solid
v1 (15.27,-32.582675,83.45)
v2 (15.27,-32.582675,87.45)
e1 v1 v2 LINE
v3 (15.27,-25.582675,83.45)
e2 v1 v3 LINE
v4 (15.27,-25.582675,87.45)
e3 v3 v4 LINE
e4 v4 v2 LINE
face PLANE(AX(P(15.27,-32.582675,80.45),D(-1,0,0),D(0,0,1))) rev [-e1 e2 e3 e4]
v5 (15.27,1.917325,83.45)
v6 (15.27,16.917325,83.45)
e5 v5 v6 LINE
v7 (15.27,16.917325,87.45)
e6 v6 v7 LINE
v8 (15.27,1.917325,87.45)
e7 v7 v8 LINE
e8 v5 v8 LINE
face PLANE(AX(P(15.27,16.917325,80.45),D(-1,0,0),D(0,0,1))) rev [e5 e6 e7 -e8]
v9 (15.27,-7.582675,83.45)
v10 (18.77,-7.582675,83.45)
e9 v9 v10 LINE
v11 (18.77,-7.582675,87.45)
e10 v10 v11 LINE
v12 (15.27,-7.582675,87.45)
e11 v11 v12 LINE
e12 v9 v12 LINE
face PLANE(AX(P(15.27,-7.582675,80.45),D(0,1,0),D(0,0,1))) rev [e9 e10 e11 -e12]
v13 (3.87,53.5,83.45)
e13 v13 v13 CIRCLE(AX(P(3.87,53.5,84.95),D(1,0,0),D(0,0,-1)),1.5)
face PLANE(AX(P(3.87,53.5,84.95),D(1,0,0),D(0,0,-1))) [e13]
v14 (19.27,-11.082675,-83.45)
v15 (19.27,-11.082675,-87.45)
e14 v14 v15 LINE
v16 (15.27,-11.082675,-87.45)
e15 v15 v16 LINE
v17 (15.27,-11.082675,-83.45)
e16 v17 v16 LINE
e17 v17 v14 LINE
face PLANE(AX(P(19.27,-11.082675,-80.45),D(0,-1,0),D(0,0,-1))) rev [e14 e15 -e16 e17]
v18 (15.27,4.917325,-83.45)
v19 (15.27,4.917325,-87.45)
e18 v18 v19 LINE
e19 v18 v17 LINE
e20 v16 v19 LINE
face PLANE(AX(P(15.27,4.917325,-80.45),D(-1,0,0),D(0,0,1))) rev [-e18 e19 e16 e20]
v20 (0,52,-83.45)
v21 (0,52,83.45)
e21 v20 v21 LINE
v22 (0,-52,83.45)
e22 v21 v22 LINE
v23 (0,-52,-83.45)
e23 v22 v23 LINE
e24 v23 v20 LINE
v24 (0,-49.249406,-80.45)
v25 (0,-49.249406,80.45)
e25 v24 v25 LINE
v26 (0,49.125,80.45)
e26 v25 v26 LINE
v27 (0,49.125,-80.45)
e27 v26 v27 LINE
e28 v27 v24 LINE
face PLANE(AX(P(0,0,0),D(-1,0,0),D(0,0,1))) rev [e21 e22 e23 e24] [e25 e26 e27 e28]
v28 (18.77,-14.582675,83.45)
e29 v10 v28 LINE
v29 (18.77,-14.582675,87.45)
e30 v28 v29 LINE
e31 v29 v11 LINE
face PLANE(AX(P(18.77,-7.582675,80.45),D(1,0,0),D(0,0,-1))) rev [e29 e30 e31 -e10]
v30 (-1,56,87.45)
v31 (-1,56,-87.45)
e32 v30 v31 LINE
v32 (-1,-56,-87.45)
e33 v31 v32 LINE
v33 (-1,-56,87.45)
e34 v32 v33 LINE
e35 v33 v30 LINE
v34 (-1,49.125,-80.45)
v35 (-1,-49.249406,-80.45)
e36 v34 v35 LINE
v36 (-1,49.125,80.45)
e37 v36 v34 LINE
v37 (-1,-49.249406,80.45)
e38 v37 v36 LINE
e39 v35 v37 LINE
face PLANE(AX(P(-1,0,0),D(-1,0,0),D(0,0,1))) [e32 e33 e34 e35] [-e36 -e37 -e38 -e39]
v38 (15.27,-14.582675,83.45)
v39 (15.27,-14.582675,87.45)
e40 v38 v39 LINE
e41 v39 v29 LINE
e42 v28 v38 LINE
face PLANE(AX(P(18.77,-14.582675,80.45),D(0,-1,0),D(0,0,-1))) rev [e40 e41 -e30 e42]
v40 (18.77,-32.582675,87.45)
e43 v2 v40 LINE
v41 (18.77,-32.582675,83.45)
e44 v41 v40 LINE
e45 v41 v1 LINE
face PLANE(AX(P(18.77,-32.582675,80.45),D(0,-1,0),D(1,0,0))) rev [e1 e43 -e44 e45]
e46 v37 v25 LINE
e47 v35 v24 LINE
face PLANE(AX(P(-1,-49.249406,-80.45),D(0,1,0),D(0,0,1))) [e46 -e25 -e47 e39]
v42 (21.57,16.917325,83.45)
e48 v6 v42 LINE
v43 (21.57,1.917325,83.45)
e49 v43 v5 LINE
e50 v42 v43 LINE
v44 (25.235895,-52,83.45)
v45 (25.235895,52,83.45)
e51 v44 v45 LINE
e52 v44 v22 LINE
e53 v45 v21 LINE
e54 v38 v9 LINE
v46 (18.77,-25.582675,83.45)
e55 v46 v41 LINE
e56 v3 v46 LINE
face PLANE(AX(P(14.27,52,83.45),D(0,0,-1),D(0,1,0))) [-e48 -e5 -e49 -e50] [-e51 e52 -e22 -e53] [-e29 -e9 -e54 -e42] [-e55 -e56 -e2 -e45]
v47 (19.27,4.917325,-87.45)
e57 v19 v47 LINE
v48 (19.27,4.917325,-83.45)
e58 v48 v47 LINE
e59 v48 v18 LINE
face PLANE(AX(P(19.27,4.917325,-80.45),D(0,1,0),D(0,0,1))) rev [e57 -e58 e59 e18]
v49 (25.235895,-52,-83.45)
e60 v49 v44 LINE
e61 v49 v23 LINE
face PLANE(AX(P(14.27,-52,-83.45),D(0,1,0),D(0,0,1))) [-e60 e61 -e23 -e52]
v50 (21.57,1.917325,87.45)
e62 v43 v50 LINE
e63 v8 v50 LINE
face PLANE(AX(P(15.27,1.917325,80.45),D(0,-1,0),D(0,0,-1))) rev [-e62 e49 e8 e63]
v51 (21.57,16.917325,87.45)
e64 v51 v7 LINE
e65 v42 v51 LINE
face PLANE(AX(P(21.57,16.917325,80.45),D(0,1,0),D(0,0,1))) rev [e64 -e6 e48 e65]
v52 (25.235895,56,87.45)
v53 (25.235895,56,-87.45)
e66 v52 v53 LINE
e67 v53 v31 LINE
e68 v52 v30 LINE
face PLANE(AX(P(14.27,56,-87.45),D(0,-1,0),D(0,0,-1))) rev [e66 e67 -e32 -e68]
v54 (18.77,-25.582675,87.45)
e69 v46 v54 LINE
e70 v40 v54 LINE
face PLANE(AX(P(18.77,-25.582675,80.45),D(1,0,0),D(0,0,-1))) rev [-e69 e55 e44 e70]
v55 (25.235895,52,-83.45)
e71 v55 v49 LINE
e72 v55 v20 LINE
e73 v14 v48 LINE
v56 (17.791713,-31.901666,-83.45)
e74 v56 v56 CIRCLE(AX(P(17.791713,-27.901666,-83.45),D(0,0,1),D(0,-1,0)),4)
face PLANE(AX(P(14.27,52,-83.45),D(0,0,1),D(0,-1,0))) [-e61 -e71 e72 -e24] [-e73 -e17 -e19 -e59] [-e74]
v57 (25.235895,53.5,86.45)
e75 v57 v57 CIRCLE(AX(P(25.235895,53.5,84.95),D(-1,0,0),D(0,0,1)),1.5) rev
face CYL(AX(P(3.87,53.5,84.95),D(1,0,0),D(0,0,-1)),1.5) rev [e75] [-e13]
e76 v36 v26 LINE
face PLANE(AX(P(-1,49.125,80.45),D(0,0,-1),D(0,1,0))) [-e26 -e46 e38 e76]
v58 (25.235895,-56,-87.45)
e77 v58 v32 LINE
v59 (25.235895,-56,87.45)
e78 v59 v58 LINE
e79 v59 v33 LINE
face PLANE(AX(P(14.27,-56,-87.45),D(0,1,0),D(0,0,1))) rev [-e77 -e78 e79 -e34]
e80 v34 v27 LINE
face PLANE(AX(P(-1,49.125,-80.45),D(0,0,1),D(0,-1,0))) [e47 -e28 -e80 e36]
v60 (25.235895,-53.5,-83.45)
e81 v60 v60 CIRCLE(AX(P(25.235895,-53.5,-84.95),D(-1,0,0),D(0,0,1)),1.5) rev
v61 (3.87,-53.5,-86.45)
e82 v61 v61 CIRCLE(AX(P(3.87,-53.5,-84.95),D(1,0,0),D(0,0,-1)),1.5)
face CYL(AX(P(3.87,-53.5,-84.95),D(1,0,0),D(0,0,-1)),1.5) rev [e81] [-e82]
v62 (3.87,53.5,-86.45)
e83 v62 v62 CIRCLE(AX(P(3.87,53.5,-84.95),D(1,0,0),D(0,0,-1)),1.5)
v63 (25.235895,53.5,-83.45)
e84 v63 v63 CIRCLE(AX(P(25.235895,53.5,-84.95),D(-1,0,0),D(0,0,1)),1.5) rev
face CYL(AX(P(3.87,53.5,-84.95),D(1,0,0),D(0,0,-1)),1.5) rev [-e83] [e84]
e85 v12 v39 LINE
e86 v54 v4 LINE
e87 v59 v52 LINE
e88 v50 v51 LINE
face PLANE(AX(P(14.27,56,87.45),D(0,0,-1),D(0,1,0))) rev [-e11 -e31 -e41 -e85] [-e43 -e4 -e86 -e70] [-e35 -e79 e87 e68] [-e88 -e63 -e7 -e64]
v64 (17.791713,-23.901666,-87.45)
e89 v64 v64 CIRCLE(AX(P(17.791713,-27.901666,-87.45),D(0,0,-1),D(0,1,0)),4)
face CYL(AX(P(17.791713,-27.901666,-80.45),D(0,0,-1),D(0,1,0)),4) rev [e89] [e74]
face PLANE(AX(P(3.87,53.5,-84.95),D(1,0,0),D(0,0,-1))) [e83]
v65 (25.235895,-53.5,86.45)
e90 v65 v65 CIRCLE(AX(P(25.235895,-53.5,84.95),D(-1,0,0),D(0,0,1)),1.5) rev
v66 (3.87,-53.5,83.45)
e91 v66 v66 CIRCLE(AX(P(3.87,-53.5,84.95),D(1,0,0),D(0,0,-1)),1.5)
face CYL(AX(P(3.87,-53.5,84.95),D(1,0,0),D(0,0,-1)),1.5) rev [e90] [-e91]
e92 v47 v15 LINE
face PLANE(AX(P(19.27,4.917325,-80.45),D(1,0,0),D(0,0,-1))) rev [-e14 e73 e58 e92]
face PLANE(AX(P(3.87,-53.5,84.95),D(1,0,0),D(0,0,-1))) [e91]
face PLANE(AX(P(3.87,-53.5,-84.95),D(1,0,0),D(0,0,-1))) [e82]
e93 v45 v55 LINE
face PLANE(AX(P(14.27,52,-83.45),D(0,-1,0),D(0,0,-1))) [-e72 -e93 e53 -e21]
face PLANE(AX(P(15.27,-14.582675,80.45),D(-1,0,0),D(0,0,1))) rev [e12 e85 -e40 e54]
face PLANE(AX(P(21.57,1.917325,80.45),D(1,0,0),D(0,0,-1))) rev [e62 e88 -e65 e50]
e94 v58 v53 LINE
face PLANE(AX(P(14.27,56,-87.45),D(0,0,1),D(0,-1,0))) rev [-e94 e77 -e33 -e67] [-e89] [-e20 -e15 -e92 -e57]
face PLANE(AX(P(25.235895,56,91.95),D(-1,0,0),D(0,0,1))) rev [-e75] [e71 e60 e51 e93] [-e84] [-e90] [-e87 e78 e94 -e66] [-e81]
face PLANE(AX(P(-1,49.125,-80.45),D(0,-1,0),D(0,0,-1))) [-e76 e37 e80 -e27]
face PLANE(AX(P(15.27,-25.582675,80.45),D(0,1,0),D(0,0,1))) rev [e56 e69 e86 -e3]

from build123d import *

# Parameters (mm, degrees)
CROQUIS1_W              = 164.9
CROQUIS1_H              = 102
SALIENTE_EXTRUIR2_DEPTH = 14.27
CROQUIS2_W              = 174.9
CROQUIS2_H              = 112
CROQUIS2_W_2            = 166.9
CROQUIS2_H_2            = 104
SALIENTE_EXTRUIR3_DEPTH = 14.27
CROQUIS3_W              = 174.9
CROQUIS3_H              = 112
CROQUIS3_W_2            = 160.9
CROQUIS3_H_2            = 98.374406292
SALIENTE_EXTRUIR5_DEPTH = 1
CROQUIS4_W              = 164.9
CROQUIS4_H              = 102
CORTAR_EXTRUIR2_DEPTH   = 14.27
CROQUIS6_W              = 174.9
CROQUIS6_H              = 112
CROQUIS6_R              = 1.5
SALIENTE_EXTRUIR6_DEPTH = 15
CROQUIS8_W              = 160.9
CROQUIS8_H              = 98.374406292
CORTAR_EXTRUIR3_DEPTH   = 9
CROQUIS9_W              = 166.9
CROQUIS9_H              = 104
CORTAR_EXTRUIR5_DEPTH   = 11
CROQUIS15_W             = 6.3
CROQUIS15_H             = 15
CROQUIS15_W_2           = 3.5
CROQUIS15_H_2           = 7
CORTAR_EXTRUIR6_DEPTH   = 7
CORTAR_EXTRUIR7_DEPTH   = 7
CROQUIS17_R             = 4
CORTAR_EXTRUIR8_DEPTH   = 7
CROQUIS18_W             = 4
CROQUIS18_H             = 16
CORTAR_EXTRUIR9_DEPTH   = 7
CROQUIS21_R             = 1.5
CORTAR_EXTRUIR12_DEPTH  = 25.4
CROQUIS22_W             = 4.034105038
CROQUIS22_H             = 112
CORTAR_EXTRUIR13_DEPTH  = 179.4


with BuildPart() as part:
    # Croquis1 → Saliente-Extruir2 (new body)
    with BuildSketch(Plane(origin=(0, 0, 0), x_dir=(0, 0, -1), z_dir=(1, 0, 0))):
        Rectangle(CROQUIS1_W, CROQUIS1_H)
    extrude(amount=SALIENTE_EXTRUIR2_DEPTH)

    # Croquis4 → Cortar-Extruir2 (cut)
    with BuildSketch(Plane(origin=(14.27, 0, 0), x_dir=(0, 0, -1), z_dir=(1, 0, 0))):
        Rectangle(CROQUIS4_W, CROQUIS4_H)
    extrude(amount=-CORTAR_EXTRUIR2_DEPTH, mode=Mode.SUBTRACT)


with BuildPart() as body_2:
    # Croquis2 → Saliente-Extruir3 (new body)
    with BuildSketch(Plane(origin=(0, 0, 0), x_dir=(0, 0, -1), z_dir=(1, 0, 0))):
        Rectangle(CROQUIS2_W, CROQUIS2_H)
        Rectangle(CROQUIS2_W_2, CROQUIS2_H_2, mode=Mode.SUBTRACT)
    extrude(amount=SALIENTE_EXTRUIR3_DEPTH)

    # Croquis3 → Saliente-Extruir5 (add)
    with BuildSketch(Plane.ZY):
        Rectangle(CROQUIS3_W, CROQUIS3_H)
        with Locations((0, -0.062203146)):
            Rectangle(CROQUIS3_W_2, CROQUIS3_H_2, mode=Mode.SUBTRACT)
    extrude(amount=SALIENTE_EXTRUIR5_DEPTH)

    # Croquis6 → Saliente-Extruir6 (add)
    with BuildSketch(Plane(origin=(14.27, 0, 0), x_dir=(0, 0, -1), z_dir=(1, 0, 0))):
        Rectangle(CROQUIS6_W, CROQUIS6_H)
        with Locations((-77.445, 46)):
            Circle(CROQUIS6_R, mode=Mode.SUBTRACT)
        with Locations((-77.445, -46)):
            Circle(CROQUIS6_R, mode=Mode.SUBTRACT)
        with Locations((-22.1, 15.81)):
            Circle(CROQUIS6_R, mode=Mode.SUBTRACT)
        with Locations((35.9, 15.81)):
            Circle(CROQUIS6_R, mode=Mode.SUBTRACT)
        with Locations((-22.1, -33.19)):
            Circle(CROQUIS6_R, mode=Mode.SUBTRACT)
        with Locations((35.9, -33.19)):
            Circle(CROQUIS6_R, mode=Mode.SUBTRACT)
        with Locations((77.445, 46)):
            Circle(CROQUIS6_R, mode=Mode.SUBTRACT)
        with Locations((77.445, -46)):
            Circle(CROQUIS6_R, mode=Mode.SUBTRACT)
    extrude(amount=SALIENTE_EXTRUIR6_DEPTH)

    # Croquis8 → Cortar-Extruir3 (cut)
    with BuildSketch(Plane.ZY.offset(-14.27)):
        with Locations((0, -0.062203146)):
            Rectangle(CROQUIS8_W, CROQUIS8_H)
    extrude(amount=-CORTAR_EXTRUIR3_DEPTH, mode=Mode.SUBTRACT)

    # Croquis9 → Cortar-Extruir5 (cut)
    with BuildSketch(Plane.ZY.offset(-14.27)):
        Rectangle(CROQUIS9_W, CROQUIS9_H)
    extrude(amount=-CORTAR_EXTRUIR5_DEPTH, mode=Mode.SUBTRACT)

    # Croquis15 → Cortar-Extruir6 (cut)
    with BuildSketch(Plane.XY.offset(87.45)):
        with Locations((18.42, 9.417324545)):
            Rectangle(CROQUIS15_W, CROQUIS15_H)
        with Locations((17.02, -11.082675455)):
            Rectangle(CROQUIS15_W_2, CROQUIS15_H_2)
        with Locations((17.02, -29.082675455)):
            Rectangle(CROQUIS15_W_2, CROQUIS15_H_2)
    extrude(amount=-CORTAR_EXTRUIR6_DEPTH, mode=Mode.SUBTRACT)

    # Croquis16 → Cortar-Extruir7 (cut)
    with BuildSketch(Plane(origin=(29.27, 0, 0), x_dir=(0, 0, -1), z_dir=(1, 0, 0))):
        with BuildLine():
            Line((-70.67585332, 19.450942007), (-40.125245351, 19.450942007))
            ThreePointArc((-40.125245351, 19.450942007), (-36.589711445, 20.915408101), (-35.125245351, 24.450942007))
            Line((-35.125245351, 24.450942007), (-35.125245351, 43.370497663))
            ThreePointArc((-35.125245351, 43.370497663), (-36.589711445, 46.906031569), (-40.125245351, 48.370497663))
            Line((-40.125245351, 48.370497663), (-70.67585332, 48.370497663))
            ThreePointArc((-70.67585332, 48.370497663), (-74.211387226, 46.906031569), (-75.67585332, 43.370497663))
            Line((-75.67585332, 43.370497663), (-75.67585332, 24.450942007))
            ThreePointArc((-75.67585332, 24.450942007), (-74.211387226, 20.915408101), (-70.67585332, 19.450942007))
        make_face()
        with BuildLine():
            Line((40.269537366, 19.465768949), (70.820145334, 19.465768949))
            ThreePointArc((70.820145334, 19.465768949), (74.35567924, 20.930235043), (75.820145334, 24.465768949))
            Line((75.820145334, 24.465768949), (75.820145334, 43.385324606))
            ThreePointArc((75.820145334, 43.385324606), (74.35567924, 46.920858512), (70.820145334, 48.385324606))
            Line((70.820145334, 48.385324606), (40.269537366, 48.385324606))
            ThreePointArc((40.269537366, 48.385324606), (36.73400346, 46.920858512), (35.269537366, 43.385324606))
            Line((35.269537366, 43.385324606), (35.269537366, 24.465768949))
            ThreePointArc((35.269537366, 24.465768949), (36.73400346, 20.930235043), (40.269537366, 19.465768949))
        make_face()
    extrude(amount=-CORTAR_EXTRUIR7_DEPTH, mode=Mode.SUBTRACT)

    # Croquis17 → Cortar-Extruir8 (cut)
    with BuildSketch(Plane(origin=(0, 0, -87.45), x_dir=(-1, 0, 0), z_dir=(0, 0, -1))):
        with Locations(Location((-17.79171335, -27.901665979, 0), (0, 0, 90))):
            Circle(CROQUIS17_R)
    extrude(amount=-CORTAR_EXTRUIR8_DEPTH, mode=Mode.SUBTRACT)

    # Croquis18 → Cortar-Extruir9 (cut)
    with BuildSketch(Plane(origin=(0, 0, -87.45), x_dir=(-1, 0, 0), z_dir=(0, 0, -1))):
        with Locations((-17.27, -3.082675455)):
            Rectangle(CROQUIS18_W, CROQUIS18_H)
    extrude(amount=-CORTAR_EXTRUIR9_DEPTH, mode=Mode.SUBTRACT)

    # Croquis21 → Cortar-Extruir12 (cut)
    with BuildSketch(Plane(origin=(29.27, 0, 0), x_dir=(0, 0, -1), z_dir=(1, 0, 0))):
        with Locations((-84.95, 53.5)):
            Circle(CROQUIS21_R)
        with Locations((84.95, 53.5)):
            Circle(CROQUIS21_R)
        with Locations((84.95, -53.5)):
            Circle(CROQUIS21_R)
        with Locations((-84.95, -53.5)):
            Circle(CROQUIS21_R)
    extrude(amount=-CORTAR_EXTRUIR12_DEPTH, mode=Mode.SUBTRACT)

    # Croquis22 → Cortar-Extruir13 (cut)
    with BuildSketch(Plane(origin=(0, 0, -87.45), x_dir=(-1, 0, 0), z_dir=(0, 0, -1))):
        with Locations((-27.252947481, 0)):
            Rectangle(CROQUIS22_W, CROQUIS22_H)
    extrude(amount=-CORTAR_EXTRUIR13_DEPTH, mode=Mode.SUBTRACT)


solid = body_2.part
